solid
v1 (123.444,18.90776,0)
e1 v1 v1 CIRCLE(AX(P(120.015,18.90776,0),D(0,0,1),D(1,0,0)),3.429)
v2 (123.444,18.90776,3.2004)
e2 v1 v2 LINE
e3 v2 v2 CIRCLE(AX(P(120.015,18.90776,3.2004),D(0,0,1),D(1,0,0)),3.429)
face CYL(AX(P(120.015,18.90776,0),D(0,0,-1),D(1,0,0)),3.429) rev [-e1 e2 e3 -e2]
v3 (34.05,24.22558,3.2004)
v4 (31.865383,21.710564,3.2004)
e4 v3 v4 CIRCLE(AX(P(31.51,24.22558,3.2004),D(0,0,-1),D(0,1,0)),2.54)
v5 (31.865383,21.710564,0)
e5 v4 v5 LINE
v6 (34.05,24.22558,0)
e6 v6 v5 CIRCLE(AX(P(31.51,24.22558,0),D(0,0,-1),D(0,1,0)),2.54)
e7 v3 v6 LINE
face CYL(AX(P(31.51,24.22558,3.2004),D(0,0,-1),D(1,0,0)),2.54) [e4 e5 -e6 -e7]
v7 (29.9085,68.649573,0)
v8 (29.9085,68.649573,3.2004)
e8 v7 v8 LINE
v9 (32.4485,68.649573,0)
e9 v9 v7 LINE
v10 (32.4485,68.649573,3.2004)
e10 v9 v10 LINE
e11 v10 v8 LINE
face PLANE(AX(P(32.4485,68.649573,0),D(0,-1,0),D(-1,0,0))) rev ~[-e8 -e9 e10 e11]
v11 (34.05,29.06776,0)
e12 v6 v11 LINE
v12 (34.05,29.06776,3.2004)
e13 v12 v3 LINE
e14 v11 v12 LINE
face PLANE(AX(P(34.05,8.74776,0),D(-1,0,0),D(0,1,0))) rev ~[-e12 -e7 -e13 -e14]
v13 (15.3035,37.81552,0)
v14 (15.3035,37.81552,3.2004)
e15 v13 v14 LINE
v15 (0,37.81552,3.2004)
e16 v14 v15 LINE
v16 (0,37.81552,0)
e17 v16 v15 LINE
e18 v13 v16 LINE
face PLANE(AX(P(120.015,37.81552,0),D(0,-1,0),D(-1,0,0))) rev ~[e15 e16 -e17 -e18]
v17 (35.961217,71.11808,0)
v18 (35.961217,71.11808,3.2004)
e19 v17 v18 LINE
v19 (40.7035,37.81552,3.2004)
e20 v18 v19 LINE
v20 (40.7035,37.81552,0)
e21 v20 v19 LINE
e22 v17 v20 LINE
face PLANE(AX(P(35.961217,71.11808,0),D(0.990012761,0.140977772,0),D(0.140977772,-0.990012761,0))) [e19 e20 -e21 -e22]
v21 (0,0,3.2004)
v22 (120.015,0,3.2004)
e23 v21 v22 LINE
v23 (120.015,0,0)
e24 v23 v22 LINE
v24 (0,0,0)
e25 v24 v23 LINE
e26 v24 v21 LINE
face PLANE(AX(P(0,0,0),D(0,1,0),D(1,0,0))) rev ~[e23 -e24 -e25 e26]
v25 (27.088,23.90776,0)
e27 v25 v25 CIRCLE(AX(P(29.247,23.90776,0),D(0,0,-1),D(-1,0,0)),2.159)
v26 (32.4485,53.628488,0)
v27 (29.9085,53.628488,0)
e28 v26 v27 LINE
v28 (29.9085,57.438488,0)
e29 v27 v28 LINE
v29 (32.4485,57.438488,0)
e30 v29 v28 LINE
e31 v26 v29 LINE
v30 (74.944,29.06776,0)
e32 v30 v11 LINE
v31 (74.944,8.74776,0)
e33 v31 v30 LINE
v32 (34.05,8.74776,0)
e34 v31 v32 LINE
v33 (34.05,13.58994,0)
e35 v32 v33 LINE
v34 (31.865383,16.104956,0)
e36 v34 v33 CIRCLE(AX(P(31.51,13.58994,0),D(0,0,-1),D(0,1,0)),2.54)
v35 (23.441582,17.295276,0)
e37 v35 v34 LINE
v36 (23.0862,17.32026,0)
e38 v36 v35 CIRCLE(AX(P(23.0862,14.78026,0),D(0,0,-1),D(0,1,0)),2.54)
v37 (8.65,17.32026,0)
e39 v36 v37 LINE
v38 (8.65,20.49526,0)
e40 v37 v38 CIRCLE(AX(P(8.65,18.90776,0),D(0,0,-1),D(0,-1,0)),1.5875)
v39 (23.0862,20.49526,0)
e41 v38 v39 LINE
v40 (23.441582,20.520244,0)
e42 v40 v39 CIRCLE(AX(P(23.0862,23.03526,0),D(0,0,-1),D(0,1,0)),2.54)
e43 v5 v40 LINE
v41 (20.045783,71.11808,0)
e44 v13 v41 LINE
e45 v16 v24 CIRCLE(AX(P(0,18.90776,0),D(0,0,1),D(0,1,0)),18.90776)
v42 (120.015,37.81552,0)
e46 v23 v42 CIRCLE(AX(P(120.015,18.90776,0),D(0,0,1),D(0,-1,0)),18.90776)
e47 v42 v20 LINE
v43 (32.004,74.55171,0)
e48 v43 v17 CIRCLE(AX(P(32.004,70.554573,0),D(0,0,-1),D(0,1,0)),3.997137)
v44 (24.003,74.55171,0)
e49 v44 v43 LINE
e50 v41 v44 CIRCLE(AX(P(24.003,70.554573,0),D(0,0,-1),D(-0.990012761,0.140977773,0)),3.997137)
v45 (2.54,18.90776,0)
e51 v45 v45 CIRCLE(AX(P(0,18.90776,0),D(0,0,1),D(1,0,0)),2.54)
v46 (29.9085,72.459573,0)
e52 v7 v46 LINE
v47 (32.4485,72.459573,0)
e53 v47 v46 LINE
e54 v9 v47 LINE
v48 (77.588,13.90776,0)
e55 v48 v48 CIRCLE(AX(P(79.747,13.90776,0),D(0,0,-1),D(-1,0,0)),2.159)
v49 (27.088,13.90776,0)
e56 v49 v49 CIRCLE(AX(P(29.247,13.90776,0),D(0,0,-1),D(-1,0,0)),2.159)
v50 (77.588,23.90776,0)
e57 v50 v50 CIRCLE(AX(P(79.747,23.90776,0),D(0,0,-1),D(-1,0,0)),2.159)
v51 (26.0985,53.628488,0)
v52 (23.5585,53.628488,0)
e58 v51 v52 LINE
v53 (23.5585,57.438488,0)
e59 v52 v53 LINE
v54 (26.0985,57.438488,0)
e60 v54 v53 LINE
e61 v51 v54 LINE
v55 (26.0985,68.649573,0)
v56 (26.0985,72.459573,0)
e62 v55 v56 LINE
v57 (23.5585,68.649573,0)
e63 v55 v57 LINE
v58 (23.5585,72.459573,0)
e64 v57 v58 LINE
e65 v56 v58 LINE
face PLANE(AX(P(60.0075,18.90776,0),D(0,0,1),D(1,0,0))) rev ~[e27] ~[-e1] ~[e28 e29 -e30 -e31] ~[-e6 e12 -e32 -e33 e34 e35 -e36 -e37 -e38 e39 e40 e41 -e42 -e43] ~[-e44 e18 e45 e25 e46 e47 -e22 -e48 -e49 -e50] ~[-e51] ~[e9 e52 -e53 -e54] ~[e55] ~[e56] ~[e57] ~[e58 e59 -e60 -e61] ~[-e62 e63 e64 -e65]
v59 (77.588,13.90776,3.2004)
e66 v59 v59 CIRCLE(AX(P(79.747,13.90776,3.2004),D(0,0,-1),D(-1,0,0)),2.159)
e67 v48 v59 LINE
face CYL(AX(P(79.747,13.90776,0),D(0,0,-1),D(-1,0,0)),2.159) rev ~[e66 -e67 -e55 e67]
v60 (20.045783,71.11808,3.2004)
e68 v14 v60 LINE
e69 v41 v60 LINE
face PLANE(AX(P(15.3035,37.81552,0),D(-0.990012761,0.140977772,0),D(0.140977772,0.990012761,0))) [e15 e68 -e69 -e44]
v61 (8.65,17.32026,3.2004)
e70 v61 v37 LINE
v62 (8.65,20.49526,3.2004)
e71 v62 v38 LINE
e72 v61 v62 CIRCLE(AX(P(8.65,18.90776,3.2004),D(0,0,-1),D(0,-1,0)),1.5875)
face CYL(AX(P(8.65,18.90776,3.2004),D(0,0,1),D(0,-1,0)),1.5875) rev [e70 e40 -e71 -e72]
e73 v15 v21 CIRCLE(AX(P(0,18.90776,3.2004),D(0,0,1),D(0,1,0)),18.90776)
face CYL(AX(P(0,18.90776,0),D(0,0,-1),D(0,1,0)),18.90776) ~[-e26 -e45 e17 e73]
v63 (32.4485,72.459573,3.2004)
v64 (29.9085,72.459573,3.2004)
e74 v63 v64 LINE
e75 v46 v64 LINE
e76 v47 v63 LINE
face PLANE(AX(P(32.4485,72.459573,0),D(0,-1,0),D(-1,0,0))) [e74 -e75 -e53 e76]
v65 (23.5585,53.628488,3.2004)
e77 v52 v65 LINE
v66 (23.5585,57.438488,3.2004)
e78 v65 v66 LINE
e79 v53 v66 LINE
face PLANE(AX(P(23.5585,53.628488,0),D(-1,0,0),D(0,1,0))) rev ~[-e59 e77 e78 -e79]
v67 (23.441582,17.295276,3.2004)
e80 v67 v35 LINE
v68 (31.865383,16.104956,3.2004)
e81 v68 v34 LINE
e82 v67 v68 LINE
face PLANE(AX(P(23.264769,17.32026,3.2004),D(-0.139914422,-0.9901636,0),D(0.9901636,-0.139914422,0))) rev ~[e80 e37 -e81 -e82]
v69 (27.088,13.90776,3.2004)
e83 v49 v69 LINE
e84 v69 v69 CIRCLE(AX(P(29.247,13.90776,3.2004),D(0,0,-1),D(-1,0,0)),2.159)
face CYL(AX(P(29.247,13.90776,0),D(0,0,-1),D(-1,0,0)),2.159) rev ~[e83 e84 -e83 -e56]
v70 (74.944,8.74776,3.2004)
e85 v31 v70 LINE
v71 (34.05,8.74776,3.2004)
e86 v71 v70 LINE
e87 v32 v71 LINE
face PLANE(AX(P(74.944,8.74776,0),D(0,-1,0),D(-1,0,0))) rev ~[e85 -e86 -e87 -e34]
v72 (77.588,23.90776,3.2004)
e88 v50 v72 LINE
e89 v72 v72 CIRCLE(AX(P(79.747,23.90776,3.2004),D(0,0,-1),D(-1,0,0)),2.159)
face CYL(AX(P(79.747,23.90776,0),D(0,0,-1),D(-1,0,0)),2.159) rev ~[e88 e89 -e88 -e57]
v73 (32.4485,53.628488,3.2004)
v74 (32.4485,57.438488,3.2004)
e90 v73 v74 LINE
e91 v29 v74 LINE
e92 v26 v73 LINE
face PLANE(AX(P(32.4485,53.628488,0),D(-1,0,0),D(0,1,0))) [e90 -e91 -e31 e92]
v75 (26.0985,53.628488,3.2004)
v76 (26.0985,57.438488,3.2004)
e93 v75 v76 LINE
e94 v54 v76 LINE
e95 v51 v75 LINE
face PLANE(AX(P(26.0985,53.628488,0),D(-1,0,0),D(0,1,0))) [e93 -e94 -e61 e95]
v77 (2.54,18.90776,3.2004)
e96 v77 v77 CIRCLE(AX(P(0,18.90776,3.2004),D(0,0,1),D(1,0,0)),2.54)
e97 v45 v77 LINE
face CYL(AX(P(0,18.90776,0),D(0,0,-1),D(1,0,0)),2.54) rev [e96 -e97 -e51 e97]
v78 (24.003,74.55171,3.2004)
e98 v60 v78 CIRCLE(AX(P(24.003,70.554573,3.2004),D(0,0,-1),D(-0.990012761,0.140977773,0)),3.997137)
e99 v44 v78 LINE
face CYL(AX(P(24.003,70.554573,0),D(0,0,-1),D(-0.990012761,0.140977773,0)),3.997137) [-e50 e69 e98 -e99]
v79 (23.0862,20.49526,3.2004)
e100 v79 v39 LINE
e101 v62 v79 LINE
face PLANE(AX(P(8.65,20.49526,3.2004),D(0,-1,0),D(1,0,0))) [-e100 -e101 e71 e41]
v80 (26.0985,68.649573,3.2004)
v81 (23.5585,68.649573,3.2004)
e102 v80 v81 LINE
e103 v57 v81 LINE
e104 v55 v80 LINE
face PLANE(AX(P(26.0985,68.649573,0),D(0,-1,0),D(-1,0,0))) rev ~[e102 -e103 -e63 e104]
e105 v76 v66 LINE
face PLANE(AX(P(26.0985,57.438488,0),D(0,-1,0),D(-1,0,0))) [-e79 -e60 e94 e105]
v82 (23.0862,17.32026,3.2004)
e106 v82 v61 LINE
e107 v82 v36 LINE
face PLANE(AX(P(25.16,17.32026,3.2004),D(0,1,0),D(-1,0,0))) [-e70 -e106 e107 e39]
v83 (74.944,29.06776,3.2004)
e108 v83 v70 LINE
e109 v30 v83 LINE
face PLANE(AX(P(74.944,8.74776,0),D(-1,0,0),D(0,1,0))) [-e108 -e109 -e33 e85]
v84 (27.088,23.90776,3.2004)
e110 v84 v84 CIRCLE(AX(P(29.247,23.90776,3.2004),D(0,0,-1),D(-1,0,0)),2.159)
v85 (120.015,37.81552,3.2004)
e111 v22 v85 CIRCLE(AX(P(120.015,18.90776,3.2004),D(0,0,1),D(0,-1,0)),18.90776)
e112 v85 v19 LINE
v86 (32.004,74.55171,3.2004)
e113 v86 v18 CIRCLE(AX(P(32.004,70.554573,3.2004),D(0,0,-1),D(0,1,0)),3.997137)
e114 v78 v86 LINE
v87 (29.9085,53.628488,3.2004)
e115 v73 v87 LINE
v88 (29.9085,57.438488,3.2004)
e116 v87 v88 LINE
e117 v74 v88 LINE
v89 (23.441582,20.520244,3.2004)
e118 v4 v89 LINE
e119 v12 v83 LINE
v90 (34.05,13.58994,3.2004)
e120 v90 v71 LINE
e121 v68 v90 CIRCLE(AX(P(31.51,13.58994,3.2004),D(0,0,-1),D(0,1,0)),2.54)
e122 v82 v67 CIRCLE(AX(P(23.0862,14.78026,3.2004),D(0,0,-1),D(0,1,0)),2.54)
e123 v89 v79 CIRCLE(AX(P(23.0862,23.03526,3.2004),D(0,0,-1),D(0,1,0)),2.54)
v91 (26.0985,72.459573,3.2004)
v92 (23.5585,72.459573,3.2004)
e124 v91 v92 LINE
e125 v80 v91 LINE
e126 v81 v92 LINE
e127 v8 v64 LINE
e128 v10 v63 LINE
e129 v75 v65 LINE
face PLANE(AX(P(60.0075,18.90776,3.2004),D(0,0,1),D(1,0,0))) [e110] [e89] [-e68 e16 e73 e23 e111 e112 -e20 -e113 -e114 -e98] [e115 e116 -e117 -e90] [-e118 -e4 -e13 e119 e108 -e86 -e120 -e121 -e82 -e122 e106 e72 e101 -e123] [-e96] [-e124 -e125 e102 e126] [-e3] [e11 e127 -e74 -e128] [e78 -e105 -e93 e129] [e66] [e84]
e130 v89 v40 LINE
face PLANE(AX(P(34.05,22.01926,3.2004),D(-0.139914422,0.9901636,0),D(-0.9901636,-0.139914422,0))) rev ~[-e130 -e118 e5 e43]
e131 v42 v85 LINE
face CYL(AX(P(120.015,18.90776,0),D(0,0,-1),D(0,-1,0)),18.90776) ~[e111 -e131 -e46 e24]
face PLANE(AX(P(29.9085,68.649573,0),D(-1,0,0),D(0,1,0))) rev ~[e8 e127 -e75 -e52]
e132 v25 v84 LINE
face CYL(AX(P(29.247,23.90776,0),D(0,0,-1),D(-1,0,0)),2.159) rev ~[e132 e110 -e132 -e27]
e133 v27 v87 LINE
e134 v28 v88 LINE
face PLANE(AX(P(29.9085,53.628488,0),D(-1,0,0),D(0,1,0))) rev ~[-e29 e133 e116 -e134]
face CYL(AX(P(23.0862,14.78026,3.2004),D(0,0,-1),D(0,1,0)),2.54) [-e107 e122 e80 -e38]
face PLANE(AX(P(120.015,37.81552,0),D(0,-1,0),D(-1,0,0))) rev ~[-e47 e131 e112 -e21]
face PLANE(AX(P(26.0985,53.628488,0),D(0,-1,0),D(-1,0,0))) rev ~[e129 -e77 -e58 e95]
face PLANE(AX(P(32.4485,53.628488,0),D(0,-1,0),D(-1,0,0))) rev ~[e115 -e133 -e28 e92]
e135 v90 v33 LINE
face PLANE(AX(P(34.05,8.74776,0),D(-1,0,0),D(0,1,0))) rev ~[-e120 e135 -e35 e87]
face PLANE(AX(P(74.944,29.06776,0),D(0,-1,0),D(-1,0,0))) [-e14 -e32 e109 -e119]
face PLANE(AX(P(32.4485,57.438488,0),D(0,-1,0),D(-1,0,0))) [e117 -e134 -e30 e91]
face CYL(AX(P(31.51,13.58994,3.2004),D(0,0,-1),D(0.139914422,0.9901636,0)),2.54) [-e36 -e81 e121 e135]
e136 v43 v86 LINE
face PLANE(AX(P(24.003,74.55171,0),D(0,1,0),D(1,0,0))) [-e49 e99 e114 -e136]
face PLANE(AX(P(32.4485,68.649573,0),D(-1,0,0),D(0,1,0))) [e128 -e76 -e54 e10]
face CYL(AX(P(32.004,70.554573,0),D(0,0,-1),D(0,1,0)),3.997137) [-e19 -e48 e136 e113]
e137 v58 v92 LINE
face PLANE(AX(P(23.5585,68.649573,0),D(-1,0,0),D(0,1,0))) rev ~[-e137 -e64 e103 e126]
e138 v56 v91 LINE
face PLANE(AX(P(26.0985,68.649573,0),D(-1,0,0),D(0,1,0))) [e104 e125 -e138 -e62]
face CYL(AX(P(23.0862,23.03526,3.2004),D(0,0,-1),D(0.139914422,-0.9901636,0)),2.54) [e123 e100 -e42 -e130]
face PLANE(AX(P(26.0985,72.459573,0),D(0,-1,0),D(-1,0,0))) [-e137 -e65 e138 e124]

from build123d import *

# Parameters (mm, degrees)
SKETCH1_R           = 3.429
SKETCH1_R_2         = 2.54
BOSS_EXTRUDE1_DEPTH = 3.2004
SKETCH5_R           = 2.159
SKETCH5_W           = 40.894
SKETCH5_H           = 20.32
CUT_EXTRUDE3_DEPTH  = 4.2004
CUT_EXTRUDE4_DEPTH  = 3.2004
CUT_EXTRUDE5_DEPTH  = 3.2004
SKETCH9_W           = 2.54
SKETCH9_H           = 3.81
BOSS_EXTRUDE2_DEPTH = 3.2004
FILLET1_R           = 2.54


with BuildPart() as part:
    # Sketch1 → Boss-Extrude1 (new body)
    with BuildSketch(Plane.XY):
        with BuildLine():
            Line((120.015, 37.81552), (0, 37.81552))
            ThreePointArc((0, 37.81552), (-18.90776, 18.90776), (0, 0))
            Line((0, 0), (120.015, 0))
            ThreePointArc((120.015, 0), (138.92276, 18.90776), (120.015, 37.81552))
        make_face()
        with Locations((120.015, 18.90776)):
            Circle(SKETCH1_R, mode=Mode.SUBTRACT)
        with Locations((0, 18.90776)):
            Circle(SKETCH1_R_2, mode=Mode.SUBTRACT)
    extrude(amount=BOSS_EXTRUDE1_DEPTH)

    # Sketch5 → Cut-Extrude3 (cut, through all)
    with BuildSketch(Plane(origin=(0, 0, 0), x_dir=(-1, 0, 0), z_dir=(0, 0, -1))):
        with Locations((-79.746999972, 23.90776)):
            Circle(SKETCH5_R)
        with Locations((-29.246999972, 13.90776)):
            Circle(SKETCH5_R)
        with Locations((-29.246999972, 23.90776)):
            Circle(SKETCH5_R)
        with Locations((-79.746999972, 13.90776)):
            Circle(SKETCH5_R)
        with Locations((-54.496999972, 18.90776)):
            Rectangle(SKETCH5_W, SKETCH5_H)
    extrude(amount=-CUT_EXTRUDE3_DEPTH, mode=Mode.SUBTRACT)

    # Sketch6 → Cut-Extrude4 (cut)
    with BuildSketch(Plane.XY.offset(3.2004)):
        with BuildLine():
            Line((8.649999972, 20.49526), (25.159999972, 20.49526))
            ThreePointArc((25.159999972, 20.49526), (26.747499972, 18.90776), (25.159999972, 17.32026))
            Line((25.159999972, 17.32026), (8.649999972, 17.32026))
            ThreePointArc((8.649999972, 17.32026), (7.062499972, 18.90776), (8.649999972, 20.49526))
        make_face()
    extrude(amount=-CUT_EXTRUDE4_DEPTH, mode=Mode.SUBTRACT)

    # Sketch8 → Cut-Extrude5 (cut)
    with BuildSketch(Plane.XY.offset(3.2004)):
        Polygon((34.049999972, 15.79626), (34.049999972, 22.01926), (23.264769203, 20.49526), (23.264769203, 17.32026), align=None)
    extrude(amount=-CUT_EXTRUDE5_DEPTH, mode=Mode.SUBTRACT)

    # Sketch9 → Boss-Extrude2 (add)
    with BuildSketch(Plane(origin=(0, 0, 0), x_dir=(-1, 0, 0), z_dir=(0, 0, -1))):
        with BuildLine():
            Line((-40.703500071, 37.81552), (-15.303500071, 37.81552))
            Line((-15.303500071, 37.81552), (-20.045783141, 71.118080223))
            ThreePointArc((-20.045783141, 71.118080223), (-21.383392309, 73.573639076), (-24.003000071, 74.551710005))
            Line((-24.003000071, 74.551710005), (-32.004000071, 74.551710005))
            ThreePointArc((-32.004000071, 74.551710005), (-34.623607833, 73.573639076), (-35.961217, 71.118080223))
            Line((-35.961217, 71.118080223), (-40.703500071, 37.81552))
        make_face()
        with Locations((-31.178500071, 55.533488225)):
            Rectangle(SKETCH9_W, SKETCH9_H, mode=Mode.SUBTRACT)
        with Locations((-24.828500071, 55.533488225)):
            Rectangle(SKETCH9_W, SKETCH9_H, mode=Mode.SUBTRACT)
        with Locations((-31.178500071, 70.554572711)):
            Rectangle(SKETCH9_W, SKETCH9_H, mode=Mode.SUBTRACT)
        with Locations((-24.828500071, 70.554572711)):
            Rectangle(SKETCH9_W, SKETCH9_H, mode=Mode.SUBTRACT)
    extrude(amount=-BOSS_EXTRUDE2_DEPTH)

    # Fillet1
    fillet1_edges = [part.edges().sort_by_distance(p)[0] for p in [
        (34.049999972, 22.01926, 1.6002),
        (23.264769203, 20.49526, 1.6002),
        (23.264769203, 17.32026, 1.6002),
        (34.049999972, 15.79626, 1.6002),
    ]]
    fillet(fillet1_edges, radius=FILLET1_R)


solid = part.part
